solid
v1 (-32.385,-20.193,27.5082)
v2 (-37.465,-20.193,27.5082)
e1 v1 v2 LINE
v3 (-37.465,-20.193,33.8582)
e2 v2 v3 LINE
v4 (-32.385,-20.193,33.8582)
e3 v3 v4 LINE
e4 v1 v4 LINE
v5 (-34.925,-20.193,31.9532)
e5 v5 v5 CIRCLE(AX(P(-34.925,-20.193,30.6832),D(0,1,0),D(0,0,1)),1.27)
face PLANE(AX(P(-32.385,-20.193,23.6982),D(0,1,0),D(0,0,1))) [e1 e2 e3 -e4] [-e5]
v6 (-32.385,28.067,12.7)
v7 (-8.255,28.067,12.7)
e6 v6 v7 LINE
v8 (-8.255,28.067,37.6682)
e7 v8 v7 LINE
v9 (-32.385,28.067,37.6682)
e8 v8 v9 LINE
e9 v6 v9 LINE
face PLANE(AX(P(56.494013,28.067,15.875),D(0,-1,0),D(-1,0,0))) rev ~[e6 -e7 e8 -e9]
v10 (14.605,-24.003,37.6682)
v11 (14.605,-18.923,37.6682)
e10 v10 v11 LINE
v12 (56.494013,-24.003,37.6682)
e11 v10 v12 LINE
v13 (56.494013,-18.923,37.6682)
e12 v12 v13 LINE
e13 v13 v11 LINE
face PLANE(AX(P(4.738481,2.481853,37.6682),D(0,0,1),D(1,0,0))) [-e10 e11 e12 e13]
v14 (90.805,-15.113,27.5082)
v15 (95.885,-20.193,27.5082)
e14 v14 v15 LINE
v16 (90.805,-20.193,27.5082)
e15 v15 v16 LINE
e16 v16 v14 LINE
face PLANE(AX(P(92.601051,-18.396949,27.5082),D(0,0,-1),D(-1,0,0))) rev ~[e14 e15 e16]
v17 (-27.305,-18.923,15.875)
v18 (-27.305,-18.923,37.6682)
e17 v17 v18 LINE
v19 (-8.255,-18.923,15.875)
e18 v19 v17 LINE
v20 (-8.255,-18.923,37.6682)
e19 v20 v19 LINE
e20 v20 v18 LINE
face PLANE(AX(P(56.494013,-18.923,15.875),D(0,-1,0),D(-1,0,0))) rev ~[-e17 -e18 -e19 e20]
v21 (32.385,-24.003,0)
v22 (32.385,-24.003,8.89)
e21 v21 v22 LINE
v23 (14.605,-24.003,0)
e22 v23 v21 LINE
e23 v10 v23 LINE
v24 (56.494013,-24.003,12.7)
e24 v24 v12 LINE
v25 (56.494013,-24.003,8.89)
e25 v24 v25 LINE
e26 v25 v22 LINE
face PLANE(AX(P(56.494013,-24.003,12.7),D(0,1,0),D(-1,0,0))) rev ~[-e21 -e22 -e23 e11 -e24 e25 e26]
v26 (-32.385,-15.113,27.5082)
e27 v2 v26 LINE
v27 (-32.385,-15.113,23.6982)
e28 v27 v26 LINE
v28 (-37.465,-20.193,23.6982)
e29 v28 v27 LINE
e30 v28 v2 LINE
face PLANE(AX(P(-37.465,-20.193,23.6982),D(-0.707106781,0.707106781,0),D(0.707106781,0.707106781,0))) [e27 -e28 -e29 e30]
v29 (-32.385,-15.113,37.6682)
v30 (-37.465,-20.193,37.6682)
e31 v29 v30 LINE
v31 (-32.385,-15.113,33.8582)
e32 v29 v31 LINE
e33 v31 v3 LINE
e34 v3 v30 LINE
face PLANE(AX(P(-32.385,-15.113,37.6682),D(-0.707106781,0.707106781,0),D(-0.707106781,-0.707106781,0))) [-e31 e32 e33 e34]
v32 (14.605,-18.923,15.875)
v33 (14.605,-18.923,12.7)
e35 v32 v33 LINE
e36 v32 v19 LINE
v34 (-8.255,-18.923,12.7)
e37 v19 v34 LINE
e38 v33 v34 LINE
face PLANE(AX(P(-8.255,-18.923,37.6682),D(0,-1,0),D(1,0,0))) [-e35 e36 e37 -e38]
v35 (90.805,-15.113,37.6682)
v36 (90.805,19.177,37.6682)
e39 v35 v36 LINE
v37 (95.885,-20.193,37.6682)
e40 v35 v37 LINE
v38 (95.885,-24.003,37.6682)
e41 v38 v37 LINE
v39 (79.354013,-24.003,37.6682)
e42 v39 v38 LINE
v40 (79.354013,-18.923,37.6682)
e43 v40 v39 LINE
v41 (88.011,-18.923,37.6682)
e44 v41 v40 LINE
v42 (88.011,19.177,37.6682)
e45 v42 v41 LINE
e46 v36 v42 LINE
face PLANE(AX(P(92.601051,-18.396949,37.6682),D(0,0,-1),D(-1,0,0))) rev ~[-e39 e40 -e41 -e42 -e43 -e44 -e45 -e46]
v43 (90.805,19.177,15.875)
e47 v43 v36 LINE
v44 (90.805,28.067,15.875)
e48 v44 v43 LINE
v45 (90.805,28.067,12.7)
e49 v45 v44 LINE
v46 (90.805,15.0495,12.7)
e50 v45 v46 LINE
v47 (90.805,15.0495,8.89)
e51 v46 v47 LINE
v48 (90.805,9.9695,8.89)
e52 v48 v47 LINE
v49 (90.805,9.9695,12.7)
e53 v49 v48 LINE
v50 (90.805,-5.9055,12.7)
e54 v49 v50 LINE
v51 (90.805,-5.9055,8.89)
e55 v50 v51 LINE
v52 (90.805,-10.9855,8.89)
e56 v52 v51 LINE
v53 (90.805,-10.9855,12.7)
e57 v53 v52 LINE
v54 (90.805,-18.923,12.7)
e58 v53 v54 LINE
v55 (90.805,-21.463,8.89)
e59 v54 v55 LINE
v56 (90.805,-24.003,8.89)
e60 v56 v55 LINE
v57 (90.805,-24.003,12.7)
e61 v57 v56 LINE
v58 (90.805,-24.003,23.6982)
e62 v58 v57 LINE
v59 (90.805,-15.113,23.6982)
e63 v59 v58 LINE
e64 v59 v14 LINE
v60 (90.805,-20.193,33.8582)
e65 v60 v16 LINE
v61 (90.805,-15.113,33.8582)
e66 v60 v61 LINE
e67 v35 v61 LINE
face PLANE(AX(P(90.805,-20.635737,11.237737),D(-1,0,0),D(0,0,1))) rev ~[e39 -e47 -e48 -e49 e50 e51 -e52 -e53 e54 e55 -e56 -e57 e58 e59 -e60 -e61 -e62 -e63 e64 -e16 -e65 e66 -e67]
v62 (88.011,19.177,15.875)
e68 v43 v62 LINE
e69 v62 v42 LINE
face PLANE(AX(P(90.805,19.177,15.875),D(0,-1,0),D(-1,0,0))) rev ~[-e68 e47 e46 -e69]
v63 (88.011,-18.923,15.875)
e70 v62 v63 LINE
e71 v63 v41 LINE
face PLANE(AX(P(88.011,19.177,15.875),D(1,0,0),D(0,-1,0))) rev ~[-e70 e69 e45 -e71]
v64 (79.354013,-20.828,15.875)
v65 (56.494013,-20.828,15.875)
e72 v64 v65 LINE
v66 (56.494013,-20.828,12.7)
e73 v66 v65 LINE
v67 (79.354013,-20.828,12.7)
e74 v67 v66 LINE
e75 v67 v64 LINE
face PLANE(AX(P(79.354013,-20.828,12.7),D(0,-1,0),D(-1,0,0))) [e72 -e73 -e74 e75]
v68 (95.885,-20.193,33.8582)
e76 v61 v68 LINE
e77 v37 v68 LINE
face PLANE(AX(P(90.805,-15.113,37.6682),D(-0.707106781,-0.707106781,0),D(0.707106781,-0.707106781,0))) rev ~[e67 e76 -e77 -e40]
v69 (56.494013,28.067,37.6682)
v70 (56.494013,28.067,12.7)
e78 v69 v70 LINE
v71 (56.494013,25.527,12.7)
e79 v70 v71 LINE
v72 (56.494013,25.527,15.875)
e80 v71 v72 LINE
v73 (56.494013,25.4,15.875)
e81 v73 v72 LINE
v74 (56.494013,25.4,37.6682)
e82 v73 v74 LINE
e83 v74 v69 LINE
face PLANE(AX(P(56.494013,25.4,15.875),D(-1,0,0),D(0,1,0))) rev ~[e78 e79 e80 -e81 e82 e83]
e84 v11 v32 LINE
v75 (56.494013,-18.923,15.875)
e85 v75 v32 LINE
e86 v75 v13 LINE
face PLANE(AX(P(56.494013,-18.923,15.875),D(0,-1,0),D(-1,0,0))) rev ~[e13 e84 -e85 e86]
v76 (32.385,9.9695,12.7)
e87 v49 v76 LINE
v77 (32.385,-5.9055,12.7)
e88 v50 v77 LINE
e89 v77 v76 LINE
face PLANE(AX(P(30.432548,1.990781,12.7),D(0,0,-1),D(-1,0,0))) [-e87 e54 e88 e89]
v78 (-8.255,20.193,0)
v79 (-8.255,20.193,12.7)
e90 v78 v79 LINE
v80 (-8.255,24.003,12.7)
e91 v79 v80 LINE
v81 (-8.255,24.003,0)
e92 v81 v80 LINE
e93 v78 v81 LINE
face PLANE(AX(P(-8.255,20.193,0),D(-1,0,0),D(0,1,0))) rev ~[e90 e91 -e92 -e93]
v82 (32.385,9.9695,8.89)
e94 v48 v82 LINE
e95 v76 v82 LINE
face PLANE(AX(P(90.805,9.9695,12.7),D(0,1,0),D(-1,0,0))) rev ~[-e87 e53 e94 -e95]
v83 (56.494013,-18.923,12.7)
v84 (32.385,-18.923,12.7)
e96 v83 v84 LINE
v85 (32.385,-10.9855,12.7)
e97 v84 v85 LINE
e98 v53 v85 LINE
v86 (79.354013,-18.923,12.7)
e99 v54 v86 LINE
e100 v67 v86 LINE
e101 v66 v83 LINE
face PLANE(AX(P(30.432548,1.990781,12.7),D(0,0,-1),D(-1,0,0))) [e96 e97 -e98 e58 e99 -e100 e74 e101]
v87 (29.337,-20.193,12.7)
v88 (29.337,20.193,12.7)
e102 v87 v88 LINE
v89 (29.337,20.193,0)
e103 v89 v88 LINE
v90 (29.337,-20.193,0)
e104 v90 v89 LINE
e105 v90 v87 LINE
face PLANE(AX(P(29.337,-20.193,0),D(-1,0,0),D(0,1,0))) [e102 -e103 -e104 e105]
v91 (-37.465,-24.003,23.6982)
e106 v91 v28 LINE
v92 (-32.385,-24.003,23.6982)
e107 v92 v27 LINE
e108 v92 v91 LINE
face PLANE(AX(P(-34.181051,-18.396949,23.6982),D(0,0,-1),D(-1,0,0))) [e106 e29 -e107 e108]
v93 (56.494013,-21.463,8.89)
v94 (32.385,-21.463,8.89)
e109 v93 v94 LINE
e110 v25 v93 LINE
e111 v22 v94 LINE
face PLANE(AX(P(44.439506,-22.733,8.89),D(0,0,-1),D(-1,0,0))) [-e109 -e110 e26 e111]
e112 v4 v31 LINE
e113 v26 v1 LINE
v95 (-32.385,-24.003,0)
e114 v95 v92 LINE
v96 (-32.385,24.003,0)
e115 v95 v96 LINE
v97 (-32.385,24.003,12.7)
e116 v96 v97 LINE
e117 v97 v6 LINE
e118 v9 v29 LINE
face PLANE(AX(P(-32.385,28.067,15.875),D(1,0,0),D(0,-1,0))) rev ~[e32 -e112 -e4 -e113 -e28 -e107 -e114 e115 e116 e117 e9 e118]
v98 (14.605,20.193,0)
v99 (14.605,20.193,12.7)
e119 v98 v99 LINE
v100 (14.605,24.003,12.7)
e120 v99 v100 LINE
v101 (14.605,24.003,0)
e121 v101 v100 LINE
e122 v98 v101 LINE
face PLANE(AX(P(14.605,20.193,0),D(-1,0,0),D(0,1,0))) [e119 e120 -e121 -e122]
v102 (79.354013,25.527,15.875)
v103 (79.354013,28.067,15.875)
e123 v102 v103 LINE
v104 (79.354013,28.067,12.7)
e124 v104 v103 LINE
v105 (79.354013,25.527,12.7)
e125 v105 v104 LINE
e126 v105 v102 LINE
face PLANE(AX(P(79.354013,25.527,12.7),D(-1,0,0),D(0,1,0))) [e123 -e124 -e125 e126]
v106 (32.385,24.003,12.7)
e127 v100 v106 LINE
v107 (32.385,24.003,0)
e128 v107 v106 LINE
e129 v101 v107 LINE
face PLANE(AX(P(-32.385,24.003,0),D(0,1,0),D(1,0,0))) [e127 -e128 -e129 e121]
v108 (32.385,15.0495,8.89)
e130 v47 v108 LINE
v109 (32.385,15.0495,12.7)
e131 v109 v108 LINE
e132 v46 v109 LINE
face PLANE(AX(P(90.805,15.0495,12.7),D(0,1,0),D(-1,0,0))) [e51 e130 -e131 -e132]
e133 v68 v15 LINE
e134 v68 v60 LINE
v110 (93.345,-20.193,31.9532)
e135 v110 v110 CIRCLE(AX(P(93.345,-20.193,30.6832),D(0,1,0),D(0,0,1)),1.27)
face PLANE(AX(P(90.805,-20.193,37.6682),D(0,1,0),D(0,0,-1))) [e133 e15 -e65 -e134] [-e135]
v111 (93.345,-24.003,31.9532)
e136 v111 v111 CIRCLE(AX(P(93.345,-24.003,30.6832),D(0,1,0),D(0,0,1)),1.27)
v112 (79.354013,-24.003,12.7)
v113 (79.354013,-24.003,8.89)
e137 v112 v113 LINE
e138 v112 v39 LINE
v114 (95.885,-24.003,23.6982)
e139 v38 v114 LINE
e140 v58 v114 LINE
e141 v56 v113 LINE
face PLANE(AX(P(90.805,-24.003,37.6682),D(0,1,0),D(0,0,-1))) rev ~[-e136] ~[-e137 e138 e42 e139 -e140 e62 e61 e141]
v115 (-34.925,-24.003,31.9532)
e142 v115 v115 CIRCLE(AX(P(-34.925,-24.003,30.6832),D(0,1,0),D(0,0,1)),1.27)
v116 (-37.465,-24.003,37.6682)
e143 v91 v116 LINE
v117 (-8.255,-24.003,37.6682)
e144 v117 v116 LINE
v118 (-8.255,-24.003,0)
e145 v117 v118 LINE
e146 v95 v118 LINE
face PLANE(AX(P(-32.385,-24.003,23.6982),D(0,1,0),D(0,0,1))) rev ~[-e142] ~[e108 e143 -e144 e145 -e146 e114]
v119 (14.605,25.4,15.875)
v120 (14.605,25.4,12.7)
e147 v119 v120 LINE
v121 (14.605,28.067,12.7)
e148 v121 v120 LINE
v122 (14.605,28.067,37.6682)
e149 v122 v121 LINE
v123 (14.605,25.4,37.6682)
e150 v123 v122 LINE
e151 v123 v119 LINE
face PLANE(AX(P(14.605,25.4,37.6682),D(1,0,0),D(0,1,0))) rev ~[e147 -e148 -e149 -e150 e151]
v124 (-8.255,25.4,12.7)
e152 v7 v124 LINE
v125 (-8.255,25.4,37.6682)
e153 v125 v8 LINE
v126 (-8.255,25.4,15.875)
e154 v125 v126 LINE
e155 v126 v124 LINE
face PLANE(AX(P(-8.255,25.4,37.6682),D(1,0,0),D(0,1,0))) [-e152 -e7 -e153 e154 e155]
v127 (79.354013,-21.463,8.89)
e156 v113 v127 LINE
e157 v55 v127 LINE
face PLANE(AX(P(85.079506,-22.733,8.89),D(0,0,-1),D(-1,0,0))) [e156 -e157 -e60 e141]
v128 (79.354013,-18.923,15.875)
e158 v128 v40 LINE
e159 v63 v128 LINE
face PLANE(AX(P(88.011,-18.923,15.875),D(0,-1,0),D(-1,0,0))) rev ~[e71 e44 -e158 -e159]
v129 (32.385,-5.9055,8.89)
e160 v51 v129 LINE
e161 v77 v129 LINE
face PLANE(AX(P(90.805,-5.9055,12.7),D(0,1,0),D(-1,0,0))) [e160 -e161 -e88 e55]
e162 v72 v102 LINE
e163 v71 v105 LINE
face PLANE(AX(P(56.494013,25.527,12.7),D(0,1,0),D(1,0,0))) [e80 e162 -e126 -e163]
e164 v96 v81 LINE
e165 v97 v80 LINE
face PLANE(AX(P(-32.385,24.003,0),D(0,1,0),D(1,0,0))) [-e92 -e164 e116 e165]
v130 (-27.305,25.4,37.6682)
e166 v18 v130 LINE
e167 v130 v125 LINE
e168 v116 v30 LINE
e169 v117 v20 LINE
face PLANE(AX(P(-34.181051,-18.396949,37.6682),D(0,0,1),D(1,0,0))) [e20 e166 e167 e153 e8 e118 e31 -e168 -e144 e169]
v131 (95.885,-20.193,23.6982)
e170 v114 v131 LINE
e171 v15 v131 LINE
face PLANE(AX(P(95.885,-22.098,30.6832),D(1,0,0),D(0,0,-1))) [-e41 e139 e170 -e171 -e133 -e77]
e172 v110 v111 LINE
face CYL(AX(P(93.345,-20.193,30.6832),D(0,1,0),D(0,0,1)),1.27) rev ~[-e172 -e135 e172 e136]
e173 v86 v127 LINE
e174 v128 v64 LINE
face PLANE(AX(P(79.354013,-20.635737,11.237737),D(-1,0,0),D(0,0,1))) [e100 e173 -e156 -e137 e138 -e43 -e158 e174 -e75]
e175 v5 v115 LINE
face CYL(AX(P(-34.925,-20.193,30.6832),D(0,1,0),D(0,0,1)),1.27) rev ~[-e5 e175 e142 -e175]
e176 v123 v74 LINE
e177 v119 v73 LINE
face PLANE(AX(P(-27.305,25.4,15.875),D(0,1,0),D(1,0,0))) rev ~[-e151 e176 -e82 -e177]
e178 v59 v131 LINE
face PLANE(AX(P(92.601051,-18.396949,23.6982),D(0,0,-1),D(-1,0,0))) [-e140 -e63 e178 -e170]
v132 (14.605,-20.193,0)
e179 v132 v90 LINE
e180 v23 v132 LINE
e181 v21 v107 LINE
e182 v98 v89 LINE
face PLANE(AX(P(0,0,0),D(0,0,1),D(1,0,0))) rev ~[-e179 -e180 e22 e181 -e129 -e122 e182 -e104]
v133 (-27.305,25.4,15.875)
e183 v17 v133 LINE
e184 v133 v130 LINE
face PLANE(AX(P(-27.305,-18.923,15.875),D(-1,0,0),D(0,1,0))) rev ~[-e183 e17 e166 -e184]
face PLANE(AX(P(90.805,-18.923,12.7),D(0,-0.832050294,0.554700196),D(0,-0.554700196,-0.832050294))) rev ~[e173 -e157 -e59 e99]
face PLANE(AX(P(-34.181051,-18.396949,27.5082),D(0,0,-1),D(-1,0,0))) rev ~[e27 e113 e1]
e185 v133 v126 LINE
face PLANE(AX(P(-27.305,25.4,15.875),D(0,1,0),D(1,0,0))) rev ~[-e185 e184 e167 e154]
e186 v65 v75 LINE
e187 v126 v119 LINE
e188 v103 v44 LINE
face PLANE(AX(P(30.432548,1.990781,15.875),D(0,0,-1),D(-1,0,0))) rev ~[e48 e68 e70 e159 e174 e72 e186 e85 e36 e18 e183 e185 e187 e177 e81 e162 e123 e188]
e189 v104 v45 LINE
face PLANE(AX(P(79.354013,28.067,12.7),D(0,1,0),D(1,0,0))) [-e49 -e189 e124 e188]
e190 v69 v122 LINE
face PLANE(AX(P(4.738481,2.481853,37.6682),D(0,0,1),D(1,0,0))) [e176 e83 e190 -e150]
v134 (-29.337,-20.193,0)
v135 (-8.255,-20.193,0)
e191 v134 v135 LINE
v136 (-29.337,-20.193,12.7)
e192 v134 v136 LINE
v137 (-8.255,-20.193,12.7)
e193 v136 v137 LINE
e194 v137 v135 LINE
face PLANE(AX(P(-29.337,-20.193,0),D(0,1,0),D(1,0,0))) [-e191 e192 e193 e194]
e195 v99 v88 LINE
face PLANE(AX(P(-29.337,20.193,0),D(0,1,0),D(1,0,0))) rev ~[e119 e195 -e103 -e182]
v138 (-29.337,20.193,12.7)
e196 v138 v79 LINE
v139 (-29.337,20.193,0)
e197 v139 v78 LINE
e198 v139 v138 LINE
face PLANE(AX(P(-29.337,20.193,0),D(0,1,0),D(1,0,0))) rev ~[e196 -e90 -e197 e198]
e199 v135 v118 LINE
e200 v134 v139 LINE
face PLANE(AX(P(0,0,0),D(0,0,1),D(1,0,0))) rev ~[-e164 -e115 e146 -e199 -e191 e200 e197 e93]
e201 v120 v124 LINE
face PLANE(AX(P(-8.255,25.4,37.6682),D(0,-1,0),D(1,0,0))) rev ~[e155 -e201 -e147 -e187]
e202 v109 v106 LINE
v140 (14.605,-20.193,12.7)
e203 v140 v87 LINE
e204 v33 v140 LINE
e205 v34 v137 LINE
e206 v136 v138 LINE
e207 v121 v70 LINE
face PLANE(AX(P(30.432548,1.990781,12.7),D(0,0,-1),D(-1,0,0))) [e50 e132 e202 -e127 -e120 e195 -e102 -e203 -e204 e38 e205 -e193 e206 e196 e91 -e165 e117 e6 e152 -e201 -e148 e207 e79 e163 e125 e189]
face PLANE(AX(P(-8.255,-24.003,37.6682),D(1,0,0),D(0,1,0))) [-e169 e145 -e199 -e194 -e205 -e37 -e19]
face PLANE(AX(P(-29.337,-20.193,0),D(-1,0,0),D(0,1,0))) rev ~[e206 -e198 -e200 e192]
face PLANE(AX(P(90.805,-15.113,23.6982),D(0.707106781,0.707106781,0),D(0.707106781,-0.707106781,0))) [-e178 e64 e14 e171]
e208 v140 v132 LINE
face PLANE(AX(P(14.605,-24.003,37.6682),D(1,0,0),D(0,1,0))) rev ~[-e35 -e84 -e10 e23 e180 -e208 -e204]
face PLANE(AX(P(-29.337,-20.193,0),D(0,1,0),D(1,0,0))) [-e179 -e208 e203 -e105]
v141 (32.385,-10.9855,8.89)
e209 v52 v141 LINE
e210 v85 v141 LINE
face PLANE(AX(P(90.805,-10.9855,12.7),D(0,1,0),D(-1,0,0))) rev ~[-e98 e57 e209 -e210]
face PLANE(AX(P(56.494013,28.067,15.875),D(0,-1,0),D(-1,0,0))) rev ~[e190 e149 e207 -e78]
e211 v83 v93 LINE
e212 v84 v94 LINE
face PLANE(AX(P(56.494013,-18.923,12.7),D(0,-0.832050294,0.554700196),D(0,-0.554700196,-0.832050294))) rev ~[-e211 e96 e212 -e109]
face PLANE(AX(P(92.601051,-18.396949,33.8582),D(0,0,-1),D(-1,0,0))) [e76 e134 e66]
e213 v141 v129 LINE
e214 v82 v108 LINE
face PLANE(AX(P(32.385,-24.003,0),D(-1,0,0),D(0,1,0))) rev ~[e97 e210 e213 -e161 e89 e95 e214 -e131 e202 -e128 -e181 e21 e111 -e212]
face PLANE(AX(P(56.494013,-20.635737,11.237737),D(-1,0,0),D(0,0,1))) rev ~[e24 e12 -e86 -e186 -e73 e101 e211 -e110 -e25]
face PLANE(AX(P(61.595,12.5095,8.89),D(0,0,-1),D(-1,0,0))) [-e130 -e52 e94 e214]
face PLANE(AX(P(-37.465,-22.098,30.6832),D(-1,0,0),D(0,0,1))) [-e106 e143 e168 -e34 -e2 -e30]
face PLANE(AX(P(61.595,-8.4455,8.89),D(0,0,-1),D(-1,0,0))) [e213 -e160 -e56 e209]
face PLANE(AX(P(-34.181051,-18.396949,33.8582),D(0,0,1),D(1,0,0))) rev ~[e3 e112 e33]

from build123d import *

# Parameters (mm, degrees)
SKETCH1_W            = 64.77
SKETCH1_H            = 48.006
SKETCH1_W_2          = 58.674
SKETCH1_H_2          = 40.386
BOSS_EXTRUDE1_DEPTH  = 12.7
BOSS_EXTRUDE2_DEPTH  = 3.175
BOSS_EXTRUDE3_DEPTH  = 21.7932
SKETCH6_W            = 22.86
SKETCH6_H            = 2.667
SKETCH6_H_2          = 5.08
CUT_EXTRUDE1_DEPTH   = 103.235990753
SKETCH7_W            = 22.86
SKETCH7_H            = 3.81
SKETCH7_H_2          = 1.143
CUT_EXTRUDE2_DEPTH   = 12.7
SKETCH10_W           = 13.97
SKETCH10_H           = 3.81
BOSS_EXTRUDE4_DEPTH  = 5.08
BOSS_EXTRUDE5_DEPTH  = 3.81
SKETCH12_R           = 1.27
CUT_EXTRUDE3_DEPTH   = 110.514697261
BOSS_EXTRUDE7_DEPTH  = 3.81
SKETCH14_W           = 13.97
SKETCH14_H           = 3.81
BOSS_EXTRUDE8_DEPTH  = 5.08
SKETCH15_R           = 1.27
CUT_EXTRUDE4_DEPTH   = 114.762270179
BOSS_EXTRUDE9_DEPTH  = 3.81
BOSS_EXTRUDE10_DEPTH = 3.81
SKETCH21_W           = 58.42
SKETCH21_H           = 5.08
SKETCH21_W_2         = 24.109012503
SKETCH21_H_2         = 2.54
SKETCH21_W_3         = 11.450987497
BOSS_EXTRUDE13_DEPTH = 3.81
BOSS_EXTRUDE14_DEPTH = 24.109012503
BOSS_EXTRUDE15_DEPTH = 11.450987497


with BuildPart() as part:
    # Sketch1 → Boss-Extrude1 (new body)
    with BuildSketch(Plane.XY):
        Rectangle(SKETCH1_W, SKETCH1_H)
        Rectangle(SKETCH1_W_2, SKETCH1_H_2, mode=Mode.SUBTRACT)
    extrude(amount=BOSS_EXTRUDE1_DEPTH)

    # Sketch3 → Boss-Extrude2 (add)
    with BuildSketch(Plane.XY.offset(12.7)):
        Polygon((79.354012503, -24.003), (79.354012503, -20.828), (56.494012503, -20.828), (56.494012503, -24.003), (-32.385, -24.003), (-32.385, 28.067), (56.494012503, 28.067), (56.494012503, 25.527), (79.354012503, 25.527), (79.354012503, 28.067), (90.805, 28.067), (90.805, -24.003), align=None)
    extrude(amount=BOSS_EXTRUDE2_DEPTH)

    # Sketch5 → Boss-Extrude3 (add)
    with BuildSketch(Plane.XY.offset(15.875)):
        Polygon((56.494012503, 28.067), (-32.385, 28.067), (-32.385, -24.003), (56.494012503, -24.003), (56.494012503, -18.923), (-27.305, -18.923), (-27.305, 25.4), (56.494012503, 25.4), align=None)
        Polygon((88.011, -18.923), (79.354012503, -18.923), (79.354012503, -24.003), (90.805, -24.003), (90.805, 19.177), (88.011, 19.177), align=None)
    extrude(amount=BOSS_EXTRUDE3_DEPTH)

    # Sketch6 → Cut-Extrude1 (cut, through all)
    with BuildSketch(Plane.XY.offset(37.6682)):
        with Locations((3.175, 26.7335)):
            Rectangle(SKETCH6_W, SKETCH6_H)
        with Locations((3.175, -21.463)):
            Rectangle(SKETCH6_W, SKETCH6_H_2)
    extrude(amount=-CUT_EXTRUDE1_DEPTH, mode=Mode.SUBTRACT)

    # Sketch7 → Cut-Extrude2 (cut)
    with BuildSketch(Plane(origin=(0, 0, 0), x_dir=(-1, 0, 0), z_dir=(0, 0, -1))):
        with Locations((-3.175, 22.098)):
            Rectangle(SKETCH7_W, SKETCH7_H)
        with Locations((-3.175, -20.7645)):
            Rectangle(SKETCH7_W, SKETCH7_H_2)
    extrude(amount=-CUT_EXTRUDE2_DEPTH, mode=Mode.SUBTRACT)

    # Sketch10 → Boss-Extrude4 (add)
    with BuildSketch(Plane.ZY.offset(32.385)):
        with Locations((30.6832, -22.098)):
            Rectangle(SKETCH10_W, SKETCH10_H)
    extrude(amount=BOSS_EXTRUDE4_DEPTH)

    # Sketch11 → Boss-Extrude5 (add)
    with BuildSketch(Plane.XY.offset(37.6682)):
        Polygon((-37.465, -20.193), (-32.385, -20.193), (-32.385, -15.113), align=None)
    extrude(amount=-BOSS_EXTRUDE5_DEPTH)

    # Sketch12 → Cut-Extrude3 (cut, through all)
    with BuildSketch(Plane(origin=(0, -20.193, 0), x_dir=(1, 0, 0), z_dir=(0, 1, 0))):
        with Locations(Location((-34.925, -30.6832, 0), (0, 0, 270))):
            Circle(SKETCH12_R)
    extrude(amount=-CUT_EXTRUDE3_DEPTH, mode=Mode.SUBTRACT)

    # Sketch13 → Boss-Extrude7 (add)
    with BuildSketch(Plane(origin=(0, 0, 23.6982), x_dir=(-1, 0, 0), z_dir=(0, 0, -1))):
        Polygon((32.385, -15.113), (32.385, -20.193), (37.465, -20.193), align=None)
    extrude(amount=-BOSS_EXTRUDE7_DEPTH)

    # Sketch14 → Boss-Extrude8 (add)
    with BuildSketch(Plane(origin=(90.805, 0, 0), x_dir=(0, 0, -1), z_dir=(1, 0, 0))):
        with Locations((-30.6832, -22.098)):
            Rectangle(SKETCH14_W, SKETCH14_H)
    extrude(amount=BOSS_EXTRUDE8_DEPTH)

    # Sketch15 → Cut-Extrude4 (cut, through all)
    with BuildSketch(Plane(origin=(0, -20.193, 0), x_dir=(1, 0, 0), z_dir=(0, 1, 0))):
        with Locations(Location((93.345, -30.6832, 0), (0, 0, 270))):
            Circle(SKETCH15_R)
    extrude(amount=-CUT_EXTRUDE4_DEPTH, mode=Mode.SUBTRACT)

    # Sketch17 → Boss-Extrude9 (add)
    with BuildSketch(Plane.XY.offset(37.6682)):
        Polygon((95.885, -20.193), (90.805, -20.193), (90.805, -15.113), align=None)
    extrude(amount=-BOSS_EXTRUDE9_DEPTH)

    # Sketch18 → Boss-Extrude10 (add)
    with BuildSketch(Plane(origin=(0, 0, 23.6982), x_dir=(-1, 0, 0), z_dir=(0, 0, -1))):
        Polygon((-95.885, -20.193), (-90.805, -20.193), (-90.805, -15.113), align=None)
    extrude(amount=-BOSS_EXTRUDE10_DEPTH)

    # Sketch21 → Boss-Extrude13 (add)
    with BuildSketch(Plane(origin=(0, 0, 12.7), x_dir=(-1, 0, 0), z_dir=(0, 0, -1))):
        with Locations((-61.595, 12.5095)):
            Rectangle(SKETCH21_W, SKETCH21_H)
        with Locations((-61.595, -8.4455)):
            Rectangle(SKETCH21_W, SKETCH21_H)
        with Locations((-44.439506252, -22.733)):
            Rectangle(SKETCH21_W_2, SKETCH21_H_2)
        with Locations((-85.079506252, -22.733)):
            Rectangle(SKETCH21_W_3, SKETCH21_H_2)
    extrude(amount=BOSS_EXTRUDE13_DEPTH)

    # Sketch22 → Boss-Extrude14 (add)
    with BuildSketch(Plane(origin=(56.494012503, 0, 0), x_dir=(0, 0, -1), z_dir=(1, 0, 0))):
        Polygon((-8.89, -21.463), (-12.7, -21.463), (-12.7, -18.923), align=None)
    extrude(amount=-BOSS_EXTRUDE14_DEPTH)

    # Sketch23 → Boss-Extrude15 (add)
    with BuildSketch(Plane(origin=(90.805, 0, 0), x_dir=(0, 0, -1), z_dir=(1, 0, 0))):
        Polygon((-8.89, -21.463), (-12.7, -21.463), (-12.7, -18.923), align=None)
    extrude(amount=-BOSS_EXTRUDE15_DEPTH)


solid = part.part
